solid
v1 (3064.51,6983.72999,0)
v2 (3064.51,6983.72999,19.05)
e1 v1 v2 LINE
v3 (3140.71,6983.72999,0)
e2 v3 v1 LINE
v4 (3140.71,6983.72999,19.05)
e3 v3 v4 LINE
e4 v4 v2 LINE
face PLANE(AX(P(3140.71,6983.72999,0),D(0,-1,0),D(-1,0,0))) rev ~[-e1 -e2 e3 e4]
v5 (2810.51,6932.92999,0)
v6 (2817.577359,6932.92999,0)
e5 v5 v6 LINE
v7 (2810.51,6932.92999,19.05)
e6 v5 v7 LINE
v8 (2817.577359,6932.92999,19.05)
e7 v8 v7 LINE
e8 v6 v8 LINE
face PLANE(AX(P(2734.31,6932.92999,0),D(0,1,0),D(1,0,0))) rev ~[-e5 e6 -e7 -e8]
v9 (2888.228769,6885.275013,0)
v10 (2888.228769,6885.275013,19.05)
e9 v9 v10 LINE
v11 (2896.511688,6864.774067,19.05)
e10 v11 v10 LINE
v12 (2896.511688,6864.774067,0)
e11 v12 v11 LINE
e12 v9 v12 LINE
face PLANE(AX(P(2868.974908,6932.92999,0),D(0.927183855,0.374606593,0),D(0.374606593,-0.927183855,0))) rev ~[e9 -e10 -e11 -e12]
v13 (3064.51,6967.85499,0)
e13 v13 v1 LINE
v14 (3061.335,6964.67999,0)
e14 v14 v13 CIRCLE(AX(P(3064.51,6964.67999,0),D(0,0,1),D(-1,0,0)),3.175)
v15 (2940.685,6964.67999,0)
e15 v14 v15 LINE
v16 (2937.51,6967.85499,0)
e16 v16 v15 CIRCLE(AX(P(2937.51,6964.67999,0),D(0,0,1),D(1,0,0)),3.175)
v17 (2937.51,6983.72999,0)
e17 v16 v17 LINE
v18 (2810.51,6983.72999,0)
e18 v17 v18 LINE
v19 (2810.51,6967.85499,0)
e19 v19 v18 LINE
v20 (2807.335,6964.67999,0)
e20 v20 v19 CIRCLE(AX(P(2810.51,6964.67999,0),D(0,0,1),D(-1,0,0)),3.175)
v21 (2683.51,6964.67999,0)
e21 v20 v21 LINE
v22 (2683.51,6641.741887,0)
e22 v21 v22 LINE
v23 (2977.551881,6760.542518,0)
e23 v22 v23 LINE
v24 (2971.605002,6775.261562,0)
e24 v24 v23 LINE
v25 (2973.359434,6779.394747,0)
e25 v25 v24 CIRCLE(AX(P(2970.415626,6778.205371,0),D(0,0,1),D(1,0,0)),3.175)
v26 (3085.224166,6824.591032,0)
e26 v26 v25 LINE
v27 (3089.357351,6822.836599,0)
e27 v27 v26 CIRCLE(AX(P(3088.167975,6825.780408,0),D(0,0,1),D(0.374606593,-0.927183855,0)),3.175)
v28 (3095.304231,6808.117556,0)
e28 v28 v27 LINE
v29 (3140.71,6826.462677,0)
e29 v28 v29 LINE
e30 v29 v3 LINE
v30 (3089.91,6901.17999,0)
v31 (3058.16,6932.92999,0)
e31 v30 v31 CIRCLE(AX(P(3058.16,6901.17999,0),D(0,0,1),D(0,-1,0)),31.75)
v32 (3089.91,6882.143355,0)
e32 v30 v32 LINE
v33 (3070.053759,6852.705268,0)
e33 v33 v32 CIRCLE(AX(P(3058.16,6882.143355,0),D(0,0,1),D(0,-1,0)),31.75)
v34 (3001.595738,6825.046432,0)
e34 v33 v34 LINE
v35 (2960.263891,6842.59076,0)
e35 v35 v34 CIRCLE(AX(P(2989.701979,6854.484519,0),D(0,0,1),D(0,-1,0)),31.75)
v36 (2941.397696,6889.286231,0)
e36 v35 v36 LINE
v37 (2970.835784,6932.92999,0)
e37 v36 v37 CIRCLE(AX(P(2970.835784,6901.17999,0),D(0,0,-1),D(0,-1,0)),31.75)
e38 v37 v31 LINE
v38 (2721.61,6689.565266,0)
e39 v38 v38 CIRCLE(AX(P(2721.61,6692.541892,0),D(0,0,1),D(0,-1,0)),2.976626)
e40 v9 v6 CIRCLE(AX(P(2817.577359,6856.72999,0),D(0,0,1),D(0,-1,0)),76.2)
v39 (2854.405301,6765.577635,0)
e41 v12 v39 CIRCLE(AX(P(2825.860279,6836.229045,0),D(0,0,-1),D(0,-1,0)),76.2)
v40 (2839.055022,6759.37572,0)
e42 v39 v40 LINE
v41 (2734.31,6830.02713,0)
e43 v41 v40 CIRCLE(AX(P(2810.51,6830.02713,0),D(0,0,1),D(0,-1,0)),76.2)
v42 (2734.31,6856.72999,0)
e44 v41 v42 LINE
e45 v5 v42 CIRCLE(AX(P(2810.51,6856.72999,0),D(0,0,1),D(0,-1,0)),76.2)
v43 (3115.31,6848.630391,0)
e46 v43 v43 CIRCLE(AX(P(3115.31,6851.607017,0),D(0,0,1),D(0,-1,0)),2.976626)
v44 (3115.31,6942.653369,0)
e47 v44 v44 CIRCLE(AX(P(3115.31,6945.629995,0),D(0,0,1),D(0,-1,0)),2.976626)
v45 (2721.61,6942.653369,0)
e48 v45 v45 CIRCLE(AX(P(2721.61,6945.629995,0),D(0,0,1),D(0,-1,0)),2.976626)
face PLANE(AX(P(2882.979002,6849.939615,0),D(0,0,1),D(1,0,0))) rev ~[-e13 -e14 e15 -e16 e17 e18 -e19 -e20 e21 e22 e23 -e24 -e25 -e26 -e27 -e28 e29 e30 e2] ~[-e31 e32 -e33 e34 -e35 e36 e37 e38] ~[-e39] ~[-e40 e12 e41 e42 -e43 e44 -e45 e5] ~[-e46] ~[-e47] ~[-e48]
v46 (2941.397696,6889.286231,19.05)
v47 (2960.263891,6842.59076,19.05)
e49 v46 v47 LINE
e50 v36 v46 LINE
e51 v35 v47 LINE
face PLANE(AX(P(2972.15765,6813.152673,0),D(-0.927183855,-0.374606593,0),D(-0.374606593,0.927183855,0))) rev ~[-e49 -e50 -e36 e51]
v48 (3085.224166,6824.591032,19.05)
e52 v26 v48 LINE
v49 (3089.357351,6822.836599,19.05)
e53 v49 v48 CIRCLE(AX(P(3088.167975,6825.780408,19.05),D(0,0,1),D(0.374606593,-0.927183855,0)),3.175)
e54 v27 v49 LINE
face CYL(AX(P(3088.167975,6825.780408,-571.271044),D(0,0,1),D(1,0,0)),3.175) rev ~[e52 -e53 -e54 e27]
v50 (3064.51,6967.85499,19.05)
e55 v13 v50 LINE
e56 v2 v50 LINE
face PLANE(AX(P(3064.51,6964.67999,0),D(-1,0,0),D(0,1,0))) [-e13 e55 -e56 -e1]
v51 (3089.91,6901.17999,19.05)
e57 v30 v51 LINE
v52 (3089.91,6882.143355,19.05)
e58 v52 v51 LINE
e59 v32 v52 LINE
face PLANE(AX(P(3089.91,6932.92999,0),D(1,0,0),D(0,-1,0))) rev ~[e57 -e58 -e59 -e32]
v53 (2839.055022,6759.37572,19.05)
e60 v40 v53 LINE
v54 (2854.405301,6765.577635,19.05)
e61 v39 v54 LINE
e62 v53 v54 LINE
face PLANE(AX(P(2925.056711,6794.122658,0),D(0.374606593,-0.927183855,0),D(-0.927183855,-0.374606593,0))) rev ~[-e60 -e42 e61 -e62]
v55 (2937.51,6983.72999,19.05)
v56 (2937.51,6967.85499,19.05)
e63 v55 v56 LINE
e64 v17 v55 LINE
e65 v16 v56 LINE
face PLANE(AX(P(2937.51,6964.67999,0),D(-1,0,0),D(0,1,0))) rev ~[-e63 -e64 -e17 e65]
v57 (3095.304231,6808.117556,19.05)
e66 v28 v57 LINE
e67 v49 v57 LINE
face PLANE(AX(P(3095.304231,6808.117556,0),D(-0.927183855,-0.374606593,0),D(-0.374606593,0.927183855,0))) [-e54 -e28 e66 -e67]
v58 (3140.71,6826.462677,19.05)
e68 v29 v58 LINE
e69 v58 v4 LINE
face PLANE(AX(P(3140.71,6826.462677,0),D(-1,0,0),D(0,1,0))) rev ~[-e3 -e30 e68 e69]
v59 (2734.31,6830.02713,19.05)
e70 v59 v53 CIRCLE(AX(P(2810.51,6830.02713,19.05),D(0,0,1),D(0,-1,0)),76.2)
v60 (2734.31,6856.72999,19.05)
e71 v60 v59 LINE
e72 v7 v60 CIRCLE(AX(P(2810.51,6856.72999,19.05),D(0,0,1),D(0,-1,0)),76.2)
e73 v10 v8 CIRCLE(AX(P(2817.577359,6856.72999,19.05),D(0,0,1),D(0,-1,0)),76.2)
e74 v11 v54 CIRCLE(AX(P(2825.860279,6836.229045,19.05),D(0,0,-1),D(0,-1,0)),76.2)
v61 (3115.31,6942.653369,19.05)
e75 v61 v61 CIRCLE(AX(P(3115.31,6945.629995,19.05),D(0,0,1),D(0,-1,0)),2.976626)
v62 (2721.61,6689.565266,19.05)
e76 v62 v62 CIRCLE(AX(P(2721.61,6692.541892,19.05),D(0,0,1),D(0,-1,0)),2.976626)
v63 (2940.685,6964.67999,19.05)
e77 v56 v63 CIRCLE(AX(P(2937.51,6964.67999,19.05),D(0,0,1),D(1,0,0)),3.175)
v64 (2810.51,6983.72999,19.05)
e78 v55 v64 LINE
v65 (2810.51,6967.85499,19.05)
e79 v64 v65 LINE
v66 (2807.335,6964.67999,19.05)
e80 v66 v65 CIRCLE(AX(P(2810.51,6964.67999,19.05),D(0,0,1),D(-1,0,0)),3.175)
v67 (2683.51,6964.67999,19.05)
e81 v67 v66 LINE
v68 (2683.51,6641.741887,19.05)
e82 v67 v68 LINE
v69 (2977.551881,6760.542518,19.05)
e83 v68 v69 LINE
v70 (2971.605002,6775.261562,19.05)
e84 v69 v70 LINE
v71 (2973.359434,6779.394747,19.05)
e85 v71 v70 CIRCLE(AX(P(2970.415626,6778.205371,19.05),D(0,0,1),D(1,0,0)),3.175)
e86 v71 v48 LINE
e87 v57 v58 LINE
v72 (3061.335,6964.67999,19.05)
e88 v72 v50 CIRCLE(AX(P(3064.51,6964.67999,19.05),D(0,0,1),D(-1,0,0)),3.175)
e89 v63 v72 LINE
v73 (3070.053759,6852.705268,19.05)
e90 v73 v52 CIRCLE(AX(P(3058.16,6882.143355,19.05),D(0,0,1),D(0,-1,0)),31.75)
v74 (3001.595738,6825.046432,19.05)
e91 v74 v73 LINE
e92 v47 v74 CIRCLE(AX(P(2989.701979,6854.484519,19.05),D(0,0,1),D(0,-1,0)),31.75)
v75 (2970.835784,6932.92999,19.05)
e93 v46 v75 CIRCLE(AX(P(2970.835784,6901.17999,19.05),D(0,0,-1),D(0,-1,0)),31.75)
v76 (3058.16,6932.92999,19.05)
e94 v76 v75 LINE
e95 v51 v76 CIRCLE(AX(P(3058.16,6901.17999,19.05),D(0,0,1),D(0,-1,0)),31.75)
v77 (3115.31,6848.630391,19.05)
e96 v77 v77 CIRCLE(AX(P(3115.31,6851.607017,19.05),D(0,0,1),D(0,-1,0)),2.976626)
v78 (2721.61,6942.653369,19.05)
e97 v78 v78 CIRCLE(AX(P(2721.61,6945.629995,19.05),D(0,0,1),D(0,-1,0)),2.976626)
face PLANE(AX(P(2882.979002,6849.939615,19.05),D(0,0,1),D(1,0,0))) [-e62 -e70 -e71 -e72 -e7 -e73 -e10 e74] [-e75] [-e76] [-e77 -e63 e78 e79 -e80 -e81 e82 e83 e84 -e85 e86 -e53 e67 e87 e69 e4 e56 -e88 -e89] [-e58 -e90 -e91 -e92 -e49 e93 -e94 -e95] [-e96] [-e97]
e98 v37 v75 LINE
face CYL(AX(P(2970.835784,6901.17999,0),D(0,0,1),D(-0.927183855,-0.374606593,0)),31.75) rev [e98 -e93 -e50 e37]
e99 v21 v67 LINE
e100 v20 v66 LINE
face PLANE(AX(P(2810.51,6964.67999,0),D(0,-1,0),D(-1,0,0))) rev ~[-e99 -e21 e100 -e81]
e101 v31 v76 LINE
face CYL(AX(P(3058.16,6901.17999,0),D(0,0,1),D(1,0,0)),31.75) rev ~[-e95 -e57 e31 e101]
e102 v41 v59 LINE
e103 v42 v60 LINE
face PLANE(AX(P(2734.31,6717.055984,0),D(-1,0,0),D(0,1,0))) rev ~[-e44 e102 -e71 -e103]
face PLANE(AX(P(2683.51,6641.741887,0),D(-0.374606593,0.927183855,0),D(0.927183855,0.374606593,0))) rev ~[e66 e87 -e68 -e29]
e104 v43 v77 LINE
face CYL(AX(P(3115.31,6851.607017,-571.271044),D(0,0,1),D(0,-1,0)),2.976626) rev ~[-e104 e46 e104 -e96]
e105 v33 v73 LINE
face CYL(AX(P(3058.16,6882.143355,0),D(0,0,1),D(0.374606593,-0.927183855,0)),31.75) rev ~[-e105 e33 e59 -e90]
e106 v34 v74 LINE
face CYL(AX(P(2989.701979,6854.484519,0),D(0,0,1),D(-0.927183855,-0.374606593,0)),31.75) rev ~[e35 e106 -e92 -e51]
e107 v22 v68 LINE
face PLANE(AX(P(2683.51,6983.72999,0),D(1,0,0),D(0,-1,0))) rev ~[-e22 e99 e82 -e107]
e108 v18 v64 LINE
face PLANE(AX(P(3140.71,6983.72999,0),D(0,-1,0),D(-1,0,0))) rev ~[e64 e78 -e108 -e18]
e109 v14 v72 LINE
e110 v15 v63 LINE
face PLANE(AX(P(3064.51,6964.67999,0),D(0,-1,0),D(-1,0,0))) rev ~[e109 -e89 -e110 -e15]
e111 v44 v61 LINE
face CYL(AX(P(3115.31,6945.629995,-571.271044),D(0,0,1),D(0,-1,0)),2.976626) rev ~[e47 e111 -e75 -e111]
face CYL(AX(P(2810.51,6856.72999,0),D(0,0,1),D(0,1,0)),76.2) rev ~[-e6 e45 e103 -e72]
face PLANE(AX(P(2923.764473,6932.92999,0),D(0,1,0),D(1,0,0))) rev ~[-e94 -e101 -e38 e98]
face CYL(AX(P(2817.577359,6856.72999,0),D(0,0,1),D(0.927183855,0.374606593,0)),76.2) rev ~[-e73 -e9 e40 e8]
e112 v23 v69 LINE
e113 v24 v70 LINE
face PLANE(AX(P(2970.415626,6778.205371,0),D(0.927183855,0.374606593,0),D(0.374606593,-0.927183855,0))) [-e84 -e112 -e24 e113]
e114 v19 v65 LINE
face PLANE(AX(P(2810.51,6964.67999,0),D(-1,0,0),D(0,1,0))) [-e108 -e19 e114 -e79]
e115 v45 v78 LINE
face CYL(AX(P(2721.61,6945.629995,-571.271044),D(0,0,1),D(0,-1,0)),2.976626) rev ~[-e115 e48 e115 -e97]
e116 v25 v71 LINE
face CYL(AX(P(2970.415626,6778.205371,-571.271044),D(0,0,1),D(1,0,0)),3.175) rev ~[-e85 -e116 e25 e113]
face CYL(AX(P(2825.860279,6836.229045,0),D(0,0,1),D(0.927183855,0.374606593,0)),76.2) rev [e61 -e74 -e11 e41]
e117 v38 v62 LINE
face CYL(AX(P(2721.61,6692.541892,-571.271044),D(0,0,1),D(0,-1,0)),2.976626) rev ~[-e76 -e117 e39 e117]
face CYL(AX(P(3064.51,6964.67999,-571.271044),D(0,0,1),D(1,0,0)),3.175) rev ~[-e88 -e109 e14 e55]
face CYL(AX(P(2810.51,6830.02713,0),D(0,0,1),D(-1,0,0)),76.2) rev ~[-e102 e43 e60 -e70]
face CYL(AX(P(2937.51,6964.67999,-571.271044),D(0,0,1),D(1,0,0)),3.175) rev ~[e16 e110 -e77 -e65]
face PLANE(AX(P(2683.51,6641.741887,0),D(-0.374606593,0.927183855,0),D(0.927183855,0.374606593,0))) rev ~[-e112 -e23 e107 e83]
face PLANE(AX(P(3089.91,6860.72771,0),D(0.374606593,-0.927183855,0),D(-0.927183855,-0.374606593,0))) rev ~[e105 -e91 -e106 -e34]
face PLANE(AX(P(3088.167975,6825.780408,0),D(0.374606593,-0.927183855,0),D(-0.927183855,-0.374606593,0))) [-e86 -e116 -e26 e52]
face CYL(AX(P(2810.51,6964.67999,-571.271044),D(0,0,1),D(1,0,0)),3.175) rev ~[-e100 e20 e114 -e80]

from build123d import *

# Parameters (mm, degrees)
BOSS_EXTRUDE1_DEPTH              = 19.05
CUT_EXTRUDE2_DEPTH               = 7658.473916494
FILLET1_R                        = 76.2
FILLET2_R                        = 31.75
SKETCH2_W                        = 127
SKETCH2_H                        = 19.05
CUT_EXTRUDE1_DEPTH               = 7658.473916494
F_1_4_0_25_DIAMETER_HOLE1_D      = 6.35
F_15_64_0_23438_DIAMETER_HOLE1_D = 5.953252


with BuildPart() as part:
    # Sketch1 → Boss-Extrude1 (new body)
    with BuildSketch(Plane.XY):
        Polygon((3140.71, 6983.72999014), (2683.51, 6983.72999014), (2683.51, 6641.741886848), (3140.71, 6826.4626773), align=None)
    extrude(amount=BOSS_EXTRUDE1_DEPTH)

    # Sketch6 → Cut-Extrude2 (cut, through all)
    with BuildSketch(Plane(origin=(0, 0, 0), x_dir=(-1, 0, 0), z_dir=(0, 0, -1))):
        Polygon((-2923.76447292, 6932.92999014), (-3089.91, 6932.92999014), (-3089.91, 6860.727709955), (-2972.15765047, 6813.152672592), align=None)
        Polygon((-2925.056710658, 6794.122657646), (-2734.31, 6717.055984048), (-2734.31, 6932.92999014), (-2868.974907992, 6932.92999014), align=None)
    extrude(amount=-CUT_EXTRUDE2_DEPTH, mode=Mode.SUBTRACT)

    # Fillet1
    fillet1_edges = [part.edges().sort_by_distance(p)[0] for p in [
        (2925.056710658, 6794.122657646, 9.525),
        (2868.974907992, 6932.92999014, 9.525),
        (2734.31, 6932.92999014, 9.525),
        (2734.31, 6717.055984048, 9.525),
    ]]
    fillet(fillet1_edges, radius=FILLET1_R)

    # Fillet2
    fillet2_edges = [part.edges().sort_by_distance(p)[0] for p in [
        (2972.15765047, 6813.152672592, 9.525),
        (3089.91, 6860.727709955, 9.525),
        (3089.91, 6932.92999014, 9.525),
        (2923.76447292, 6932.92999014, 9.525),
    ]]
    fillet(fillet2_edges, radius=FILLET2_R)

    # Sketch2 → Cut-Extrude1 (cut, through all)
    with BuildSketch(Plane(origin=(0, 0, 0), x_dir=(-1, 0, 0), z_dir=(0, 0, -1))):
        with Locations((-2747.01, 6974.20499014)):
            Rectangle(SKETCH2_W, SKETCH2_H)
        with Locations((-3001.01, 6974.20499014)):
            Rectangle(SKETCH2_W, SKETCH2_H)
        Polygon((-2977.551881268, 6760.542518374), (-3095.304230798, 6808.117555738), (-3088.167975193, 6825.780408168), (-2970.415625663, 6778.205370804), align=None)
    extrude(amount=-CUT_EXTRUDE1_DEPTH, mode=Mode.SUBTRACT)

    # 1/4 (0.25) Diameter Hole1 (through all)
    with Locations(Plane(origin=(0, 0, 0), x_dir=(-1, 0, 0), z_dir=(0, 0, -1))):
        with Locations((-3088.167975193, 6825.780408168), (-2970.415625663, 6778.205370804), (-2937.51, 6964.67999014), (-3064.51, 6964.67999014), (-2810.51, 6964.67999014)):
            Hole(F_1_4_0_25_DIAMETER_HOLE1_D / 2)

    # 15/64 (0.23438) Diameter Hole1 (through all)
    with Locations(Plane.YX):
        with Locations((6692.541891629, 2721.610000001), (6945.629994921, 2721.610000001), (6945.629994921, 3115.310000001), (6851.60701674, 3115.310000001)):
            Hole(F_15_64_0_23438_DIAMETER_HOLE1_D / 2)


solid = part.part
